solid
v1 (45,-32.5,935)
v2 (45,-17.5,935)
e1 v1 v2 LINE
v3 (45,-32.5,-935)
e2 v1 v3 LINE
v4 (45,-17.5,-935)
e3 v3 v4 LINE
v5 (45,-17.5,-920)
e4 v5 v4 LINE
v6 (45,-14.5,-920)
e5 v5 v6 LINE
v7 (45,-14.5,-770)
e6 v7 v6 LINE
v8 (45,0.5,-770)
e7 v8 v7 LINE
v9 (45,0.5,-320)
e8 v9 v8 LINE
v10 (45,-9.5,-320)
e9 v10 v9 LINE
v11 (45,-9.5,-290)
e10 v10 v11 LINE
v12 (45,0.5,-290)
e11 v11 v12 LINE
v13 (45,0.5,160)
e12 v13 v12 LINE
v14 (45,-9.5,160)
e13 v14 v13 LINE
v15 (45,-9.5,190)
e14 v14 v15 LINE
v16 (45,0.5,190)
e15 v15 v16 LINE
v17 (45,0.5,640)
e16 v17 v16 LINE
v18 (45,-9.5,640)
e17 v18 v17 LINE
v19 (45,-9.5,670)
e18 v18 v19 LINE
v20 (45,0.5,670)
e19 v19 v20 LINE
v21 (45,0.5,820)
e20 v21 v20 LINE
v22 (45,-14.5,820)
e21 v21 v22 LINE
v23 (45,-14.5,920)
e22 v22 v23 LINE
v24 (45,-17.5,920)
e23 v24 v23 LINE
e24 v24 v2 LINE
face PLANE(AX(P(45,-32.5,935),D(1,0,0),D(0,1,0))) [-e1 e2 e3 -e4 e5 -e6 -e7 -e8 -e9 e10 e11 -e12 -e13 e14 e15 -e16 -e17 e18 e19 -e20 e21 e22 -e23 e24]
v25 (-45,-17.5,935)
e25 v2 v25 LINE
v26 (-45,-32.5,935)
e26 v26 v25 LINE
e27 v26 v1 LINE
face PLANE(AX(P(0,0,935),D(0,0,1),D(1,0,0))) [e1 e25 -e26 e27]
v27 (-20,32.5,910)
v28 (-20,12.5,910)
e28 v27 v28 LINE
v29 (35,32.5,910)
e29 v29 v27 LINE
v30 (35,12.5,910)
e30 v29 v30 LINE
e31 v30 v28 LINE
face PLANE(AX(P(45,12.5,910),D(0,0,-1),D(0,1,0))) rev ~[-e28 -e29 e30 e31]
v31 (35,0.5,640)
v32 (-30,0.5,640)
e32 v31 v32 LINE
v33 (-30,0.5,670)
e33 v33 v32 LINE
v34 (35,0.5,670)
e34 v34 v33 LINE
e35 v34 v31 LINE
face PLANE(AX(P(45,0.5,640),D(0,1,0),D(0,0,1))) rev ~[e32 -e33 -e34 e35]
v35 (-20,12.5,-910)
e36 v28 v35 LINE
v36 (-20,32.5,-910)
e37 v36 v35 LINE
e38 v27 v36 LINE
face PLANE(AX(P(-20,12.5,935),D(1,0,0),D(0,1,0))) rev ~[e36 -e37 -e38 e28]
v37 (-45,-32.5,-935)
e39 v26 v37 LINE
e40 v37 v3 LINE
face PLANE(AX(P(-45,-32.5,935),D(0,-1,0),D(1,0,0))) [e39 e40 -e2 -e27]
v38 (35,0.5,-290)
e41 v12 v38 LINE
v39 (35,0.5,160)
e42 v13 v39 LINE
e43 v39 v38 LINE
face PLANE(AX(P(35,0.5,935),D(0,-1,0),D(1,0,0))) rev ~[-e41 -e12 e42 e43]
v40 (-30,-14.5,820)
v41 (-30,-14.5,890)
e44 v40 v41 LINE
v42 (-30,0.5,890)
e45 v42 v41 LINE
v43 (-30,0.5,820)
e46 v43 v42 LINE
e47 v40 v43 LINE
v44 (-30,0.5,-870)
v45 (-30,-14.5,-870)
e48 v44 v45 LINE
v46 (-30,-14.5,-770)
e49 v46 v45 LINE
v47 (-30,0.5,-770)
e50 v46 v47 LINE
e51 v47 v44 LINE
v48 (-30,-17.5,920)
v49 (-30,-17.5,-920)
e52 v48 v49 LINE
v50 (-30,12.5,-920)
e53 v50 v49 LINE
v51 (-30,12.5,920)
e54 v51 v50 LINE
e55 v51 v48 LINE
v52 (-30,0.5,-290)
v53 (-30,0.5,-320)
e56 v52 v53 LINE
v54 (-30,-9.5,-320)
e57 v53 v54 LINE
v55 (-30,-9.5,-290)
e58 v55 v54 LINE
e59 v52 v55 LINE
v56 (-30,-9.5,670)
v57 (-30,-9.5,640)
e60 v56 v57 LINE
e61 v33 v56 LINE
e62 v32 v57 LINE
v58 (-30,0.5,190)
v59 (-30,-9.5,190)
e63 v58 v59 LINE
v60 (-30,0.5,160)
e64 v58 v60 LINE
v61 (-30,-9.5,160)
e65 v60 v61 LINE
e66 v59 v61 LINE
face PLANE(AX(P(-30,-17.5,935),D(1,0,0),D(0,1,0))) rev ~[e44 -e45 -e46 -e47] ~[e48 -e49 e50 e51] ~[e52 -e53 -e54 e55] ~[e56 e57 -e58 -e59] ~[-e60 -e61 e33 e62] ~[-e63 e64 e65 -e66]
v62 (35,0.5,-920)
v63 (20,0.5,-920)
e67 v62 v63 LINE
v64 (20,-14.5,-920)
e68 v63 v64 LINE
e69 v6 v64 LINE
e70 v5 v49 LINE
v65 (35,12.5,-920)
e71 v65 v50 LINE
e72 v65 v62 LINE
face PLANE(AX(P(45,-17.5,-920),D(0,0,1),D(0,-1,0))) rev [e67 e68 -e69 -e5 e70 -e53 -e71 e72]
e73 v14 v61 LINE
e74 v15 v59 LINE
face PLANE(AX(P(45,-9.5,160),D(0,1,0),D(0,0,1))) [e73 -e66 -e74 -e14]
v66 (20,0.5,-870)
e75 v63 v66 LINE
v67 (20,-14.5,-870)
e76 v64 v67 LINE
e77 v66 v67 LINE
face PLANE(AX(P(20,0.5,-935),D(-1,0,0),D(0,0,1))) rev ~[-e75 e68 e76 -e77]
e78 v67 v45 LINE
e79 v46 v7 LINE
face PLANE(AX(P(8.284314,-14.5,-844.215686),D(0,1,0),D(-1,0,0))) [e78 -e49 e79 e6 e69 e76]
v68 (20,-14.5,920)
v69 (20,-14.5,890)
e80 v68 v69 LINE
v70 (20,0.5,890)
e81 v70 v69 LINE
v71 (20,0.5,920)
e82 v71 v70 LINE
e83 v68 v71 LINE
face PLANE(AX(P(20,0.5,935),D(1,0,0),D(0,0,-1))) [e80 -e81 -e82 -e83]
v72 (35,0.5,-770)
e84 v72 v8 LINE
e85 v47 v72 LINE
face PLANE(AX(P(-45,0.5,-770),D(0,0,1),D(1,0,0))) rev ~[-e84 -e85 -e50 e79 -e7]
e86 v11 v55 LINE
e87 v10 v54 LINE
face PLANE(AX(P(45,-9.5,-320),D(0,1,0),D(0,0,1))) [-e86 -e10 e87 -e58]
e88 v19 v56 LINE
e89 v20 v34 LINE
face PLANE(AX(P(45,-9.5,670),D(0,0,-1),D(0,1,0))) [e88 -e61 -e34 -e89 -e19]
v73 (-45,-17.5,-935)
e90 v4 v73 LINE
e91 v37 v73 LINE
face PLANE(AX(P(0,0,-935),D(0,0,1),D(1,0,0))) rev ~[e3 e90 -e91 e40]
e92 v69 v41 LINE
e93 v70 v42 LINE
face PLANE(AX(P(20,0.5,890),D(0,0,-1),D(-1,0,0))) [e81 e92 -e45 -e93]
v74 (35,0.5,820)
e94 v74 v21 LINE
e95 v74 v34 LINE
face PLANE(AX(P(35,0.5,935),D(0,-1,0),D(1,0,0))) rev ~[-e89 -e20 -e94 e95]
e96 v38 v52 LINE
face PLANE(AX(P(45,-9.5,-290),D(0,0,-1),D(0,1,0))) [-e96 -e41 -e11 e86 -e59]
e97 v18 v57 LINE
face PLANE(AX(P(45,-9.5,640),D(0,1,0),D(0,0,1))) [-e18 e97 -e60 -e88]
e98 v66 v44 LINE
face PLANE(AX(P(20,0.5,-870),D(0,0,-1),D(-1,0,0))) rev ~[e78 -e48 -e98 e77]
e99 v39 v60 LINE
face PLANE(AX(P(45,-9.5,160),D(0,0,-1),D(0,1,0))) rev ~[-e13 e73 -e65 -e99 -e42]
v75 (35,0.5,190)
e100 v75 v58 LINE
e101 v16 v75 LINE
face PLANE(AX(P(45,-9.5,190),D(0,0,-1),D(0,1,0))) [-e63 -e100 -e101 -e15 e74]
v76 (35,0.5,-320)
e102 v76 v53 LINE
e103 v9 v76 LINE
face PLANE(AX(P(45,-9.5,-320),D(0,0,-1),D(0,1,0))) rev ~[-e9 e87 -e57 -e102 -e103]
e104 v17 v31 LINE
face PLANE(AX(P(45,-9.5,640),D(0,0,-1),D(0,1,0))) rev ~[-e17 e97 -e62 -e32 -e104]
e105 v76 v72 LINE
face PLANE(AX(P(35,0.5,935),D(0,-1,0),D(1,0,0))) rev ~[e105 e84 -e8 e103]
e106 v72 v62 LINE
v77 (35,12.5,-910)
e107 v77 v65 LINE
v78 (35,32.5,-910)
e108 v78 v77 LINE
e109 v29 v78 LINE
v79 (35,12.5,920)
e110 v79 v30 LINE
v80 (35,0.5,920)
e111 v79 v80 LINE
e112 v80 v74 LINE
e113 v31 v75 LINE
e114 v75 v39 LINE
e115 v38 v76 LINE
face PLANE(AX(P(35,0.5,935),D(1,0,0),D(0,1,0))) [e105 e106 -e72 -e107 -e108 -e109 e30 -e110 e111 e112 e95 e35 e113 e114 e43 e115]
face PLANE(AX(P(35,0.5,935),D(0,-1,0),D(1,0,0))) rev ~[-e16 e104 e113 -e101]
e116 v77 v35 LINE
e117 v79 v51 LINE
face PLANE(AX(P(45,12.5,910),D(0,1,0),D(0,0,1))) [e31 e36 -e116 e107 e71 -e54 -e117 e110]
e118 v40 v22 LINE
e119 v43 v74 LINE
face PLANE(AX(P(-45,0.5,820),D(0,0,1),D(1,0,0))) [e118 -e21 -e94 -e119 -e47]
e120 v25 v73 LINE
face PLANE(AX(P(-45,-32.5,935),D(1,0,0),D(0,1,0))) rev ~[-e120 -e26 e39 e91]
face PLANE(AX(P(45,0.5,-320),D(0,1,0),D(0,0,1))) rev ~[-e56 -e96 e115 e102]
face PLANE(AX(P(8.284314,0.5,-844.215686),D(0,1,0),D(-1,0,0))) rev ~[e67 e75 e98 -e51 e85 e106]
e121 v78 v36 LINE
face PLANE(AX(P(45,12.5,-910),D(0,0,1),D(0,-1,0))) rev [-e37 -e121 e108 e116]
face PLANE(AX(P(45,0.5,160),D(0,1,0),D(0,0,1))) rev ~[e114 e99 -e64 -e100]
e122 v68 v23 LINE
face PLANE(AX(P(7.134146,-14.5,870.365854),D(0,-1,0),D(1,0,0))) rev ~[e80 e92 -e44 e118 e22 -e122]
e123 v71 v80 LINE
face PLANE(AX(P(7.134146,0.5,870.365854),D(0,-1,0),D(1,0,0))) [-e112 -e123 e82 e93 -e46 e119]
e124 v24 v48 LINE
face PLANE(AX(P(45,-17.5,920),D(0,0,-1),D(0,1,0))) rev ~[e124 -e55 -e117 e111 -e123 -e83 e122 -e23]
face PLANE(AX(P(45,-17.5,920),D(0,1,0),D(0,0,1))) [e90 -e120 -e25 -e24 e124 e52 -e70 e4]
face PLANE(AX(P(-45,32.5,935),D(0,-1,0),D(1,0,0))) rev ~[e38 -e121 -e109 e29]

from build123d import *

# Parameters (mm, degrees)
SKETCH003_W     = 90
SKETCH003_H     = 65
PAD001_DEPTH    = 1870
POCKET016_DEPTH = 15
POCKET018_DEPTH = 15
SKETCH006_W     = 10
SKETCH006_H     = 30
POCKET004_DEPTH = 90.001
SKETCH007_W     = 20
SKETCH007_H     = 25
POCKET005_DEPTH = 3836.586112
SKETCH008_W     = 50
SKETCH008_H     = 15
POCKET006_DEPTH = 3836.586112
SKETCH009_W     = 25
SKETCH009_H     = 20
POCKET007_DEPTH = 1870.001
SKETCH010_W     = 15
SKETCH010_H     = 50
POCKET008_DEPTH = 1870.001
SKETCH020_W     = 10
SKETCH020_H     = 32
POCKET017_DEPTH = 1870.001


with BuildPart() as part:
    # Sketch003 (on DatumPlane) → Pad001 (new body)
    with BuildSketch(Plane.XY.offset(935)):
        Rectangle(SKETCH003_W, SKETCH003_H)
    extrude(amount=-PAD001_DEPTH)

    # Sketch019 (on DatumPlane) → Pocket016 (cut)
    with BuildSketch(Plane(origin=(0, 0.5, 0), x_dir=(-1, 0, 0), z_dir=(0, 1, 0))):
        Polygon((-45, 935), (-20, 935), (-20, 890), (45, 890), (45, 820), (-45, 820), align=None)
    extrude(amount=-POCKET016_DEPTH, mode=Mode.SUBTRACT)

    # Sketch021 (on DatumPlane) → Pocket018 (cut)
    with BuildSketch(Plane(origin=(0, 0.5, 0), x_dir=(-1, 0, 0), z_dir=(0, 1, 0))):
        Polygon((45, -770), (-45, -770), (-45, -935), (-20, -935), (-20, -870), (45, -870), align=None)
    extrude(amount=-POCKET018_DEPTH, mode=Mode.SUBTRACT)

    # Sketch006 (on DatumPlane) → Pocket004 (cut, through all)
    with BuildSketch(Plane.YZ.offset(45)):
        with Locations((-4.5, -305)):
            Rectangle(SKETCH006_W, SKETCH006_H)
        with Locations((-4.5, 175)):
            Rectangle(SKETCH006_W, SKETCH006_H)
        with Locations((-4.5, 655)):
            Rectangle(SKETCH006_W, SKETCH006_H)
    extrude(amount=-POCKET004_DEPTH, mode=Mode.SUBTRACT)

    # Sketch007 (on DatumPlane) → Pocket005 (cut, through all)
    with BuildSketch(Plane.YZ.offset(45)):
        with Locations((22.5, 922.5)):
            Rectangle(SKETCH007_W, SKETCH007_H)
    pocket005 = extrude(amount=-POCKET005_DEPTH, mode=Mode.SUBTRACT)

    # Sketch008 (on DatumPlane) → Pocket006 (cut, through all)
    with BuildSketch(Plane.YZ.offset(45)):
        with Locations((7.5, 927.5)):
            Rectangle(SKETCH008_W, SKETCH008_H)
    pocket006 = extrude(amount=-POCKET006_DEPTH, mode=Mode.SUBTRACT)

    # Mirrored002: Pocket005, Pocket006 across XY
    add(pocket005.mirror(Plane.XY), mode=Mode.SUBTRACT)
    add(pocket006.mirror(Plane.XY), mode=Mode.SUBTRACT)

    # Sketch009 (on DatumPlane) → Pocket007 (cut, through all)
    with BuildSketch(Plane.XY.offset(935)):
        with Locations((-32.5, 22.5)):
            Rectangle(SKETCH009_W, SKETCH009_H)
    extrude(amount=-POCKET007_DEPTH, mode=Mode.SUBTRACT)

    # Sketch010 (on Plane of DatumPlane003) → Pocket008 (cut, through all)
    with BuildSketch(Plane.XY.offset(935)):
        with Locations((-37.5, 7.5)):
            Rectangle(SKETCH010_W, SKETCH010_H)
    extrude(amount=-POCKET008_DEPTH, mode=Mode.SUBTRACT)

    # Sketch020 (on DatumPlane) → Pocket017 (cut, through all)
    with BuildSketch(Plane.XY.offset(935)):
        with Locations((40, 16.5)):
            Rectangle(SKETCH020_W, SKETCH020_H)
    extrude(amount=-POCKET017_DEPTH, mode=Mode.SUBTRACT)


solid = part.part
